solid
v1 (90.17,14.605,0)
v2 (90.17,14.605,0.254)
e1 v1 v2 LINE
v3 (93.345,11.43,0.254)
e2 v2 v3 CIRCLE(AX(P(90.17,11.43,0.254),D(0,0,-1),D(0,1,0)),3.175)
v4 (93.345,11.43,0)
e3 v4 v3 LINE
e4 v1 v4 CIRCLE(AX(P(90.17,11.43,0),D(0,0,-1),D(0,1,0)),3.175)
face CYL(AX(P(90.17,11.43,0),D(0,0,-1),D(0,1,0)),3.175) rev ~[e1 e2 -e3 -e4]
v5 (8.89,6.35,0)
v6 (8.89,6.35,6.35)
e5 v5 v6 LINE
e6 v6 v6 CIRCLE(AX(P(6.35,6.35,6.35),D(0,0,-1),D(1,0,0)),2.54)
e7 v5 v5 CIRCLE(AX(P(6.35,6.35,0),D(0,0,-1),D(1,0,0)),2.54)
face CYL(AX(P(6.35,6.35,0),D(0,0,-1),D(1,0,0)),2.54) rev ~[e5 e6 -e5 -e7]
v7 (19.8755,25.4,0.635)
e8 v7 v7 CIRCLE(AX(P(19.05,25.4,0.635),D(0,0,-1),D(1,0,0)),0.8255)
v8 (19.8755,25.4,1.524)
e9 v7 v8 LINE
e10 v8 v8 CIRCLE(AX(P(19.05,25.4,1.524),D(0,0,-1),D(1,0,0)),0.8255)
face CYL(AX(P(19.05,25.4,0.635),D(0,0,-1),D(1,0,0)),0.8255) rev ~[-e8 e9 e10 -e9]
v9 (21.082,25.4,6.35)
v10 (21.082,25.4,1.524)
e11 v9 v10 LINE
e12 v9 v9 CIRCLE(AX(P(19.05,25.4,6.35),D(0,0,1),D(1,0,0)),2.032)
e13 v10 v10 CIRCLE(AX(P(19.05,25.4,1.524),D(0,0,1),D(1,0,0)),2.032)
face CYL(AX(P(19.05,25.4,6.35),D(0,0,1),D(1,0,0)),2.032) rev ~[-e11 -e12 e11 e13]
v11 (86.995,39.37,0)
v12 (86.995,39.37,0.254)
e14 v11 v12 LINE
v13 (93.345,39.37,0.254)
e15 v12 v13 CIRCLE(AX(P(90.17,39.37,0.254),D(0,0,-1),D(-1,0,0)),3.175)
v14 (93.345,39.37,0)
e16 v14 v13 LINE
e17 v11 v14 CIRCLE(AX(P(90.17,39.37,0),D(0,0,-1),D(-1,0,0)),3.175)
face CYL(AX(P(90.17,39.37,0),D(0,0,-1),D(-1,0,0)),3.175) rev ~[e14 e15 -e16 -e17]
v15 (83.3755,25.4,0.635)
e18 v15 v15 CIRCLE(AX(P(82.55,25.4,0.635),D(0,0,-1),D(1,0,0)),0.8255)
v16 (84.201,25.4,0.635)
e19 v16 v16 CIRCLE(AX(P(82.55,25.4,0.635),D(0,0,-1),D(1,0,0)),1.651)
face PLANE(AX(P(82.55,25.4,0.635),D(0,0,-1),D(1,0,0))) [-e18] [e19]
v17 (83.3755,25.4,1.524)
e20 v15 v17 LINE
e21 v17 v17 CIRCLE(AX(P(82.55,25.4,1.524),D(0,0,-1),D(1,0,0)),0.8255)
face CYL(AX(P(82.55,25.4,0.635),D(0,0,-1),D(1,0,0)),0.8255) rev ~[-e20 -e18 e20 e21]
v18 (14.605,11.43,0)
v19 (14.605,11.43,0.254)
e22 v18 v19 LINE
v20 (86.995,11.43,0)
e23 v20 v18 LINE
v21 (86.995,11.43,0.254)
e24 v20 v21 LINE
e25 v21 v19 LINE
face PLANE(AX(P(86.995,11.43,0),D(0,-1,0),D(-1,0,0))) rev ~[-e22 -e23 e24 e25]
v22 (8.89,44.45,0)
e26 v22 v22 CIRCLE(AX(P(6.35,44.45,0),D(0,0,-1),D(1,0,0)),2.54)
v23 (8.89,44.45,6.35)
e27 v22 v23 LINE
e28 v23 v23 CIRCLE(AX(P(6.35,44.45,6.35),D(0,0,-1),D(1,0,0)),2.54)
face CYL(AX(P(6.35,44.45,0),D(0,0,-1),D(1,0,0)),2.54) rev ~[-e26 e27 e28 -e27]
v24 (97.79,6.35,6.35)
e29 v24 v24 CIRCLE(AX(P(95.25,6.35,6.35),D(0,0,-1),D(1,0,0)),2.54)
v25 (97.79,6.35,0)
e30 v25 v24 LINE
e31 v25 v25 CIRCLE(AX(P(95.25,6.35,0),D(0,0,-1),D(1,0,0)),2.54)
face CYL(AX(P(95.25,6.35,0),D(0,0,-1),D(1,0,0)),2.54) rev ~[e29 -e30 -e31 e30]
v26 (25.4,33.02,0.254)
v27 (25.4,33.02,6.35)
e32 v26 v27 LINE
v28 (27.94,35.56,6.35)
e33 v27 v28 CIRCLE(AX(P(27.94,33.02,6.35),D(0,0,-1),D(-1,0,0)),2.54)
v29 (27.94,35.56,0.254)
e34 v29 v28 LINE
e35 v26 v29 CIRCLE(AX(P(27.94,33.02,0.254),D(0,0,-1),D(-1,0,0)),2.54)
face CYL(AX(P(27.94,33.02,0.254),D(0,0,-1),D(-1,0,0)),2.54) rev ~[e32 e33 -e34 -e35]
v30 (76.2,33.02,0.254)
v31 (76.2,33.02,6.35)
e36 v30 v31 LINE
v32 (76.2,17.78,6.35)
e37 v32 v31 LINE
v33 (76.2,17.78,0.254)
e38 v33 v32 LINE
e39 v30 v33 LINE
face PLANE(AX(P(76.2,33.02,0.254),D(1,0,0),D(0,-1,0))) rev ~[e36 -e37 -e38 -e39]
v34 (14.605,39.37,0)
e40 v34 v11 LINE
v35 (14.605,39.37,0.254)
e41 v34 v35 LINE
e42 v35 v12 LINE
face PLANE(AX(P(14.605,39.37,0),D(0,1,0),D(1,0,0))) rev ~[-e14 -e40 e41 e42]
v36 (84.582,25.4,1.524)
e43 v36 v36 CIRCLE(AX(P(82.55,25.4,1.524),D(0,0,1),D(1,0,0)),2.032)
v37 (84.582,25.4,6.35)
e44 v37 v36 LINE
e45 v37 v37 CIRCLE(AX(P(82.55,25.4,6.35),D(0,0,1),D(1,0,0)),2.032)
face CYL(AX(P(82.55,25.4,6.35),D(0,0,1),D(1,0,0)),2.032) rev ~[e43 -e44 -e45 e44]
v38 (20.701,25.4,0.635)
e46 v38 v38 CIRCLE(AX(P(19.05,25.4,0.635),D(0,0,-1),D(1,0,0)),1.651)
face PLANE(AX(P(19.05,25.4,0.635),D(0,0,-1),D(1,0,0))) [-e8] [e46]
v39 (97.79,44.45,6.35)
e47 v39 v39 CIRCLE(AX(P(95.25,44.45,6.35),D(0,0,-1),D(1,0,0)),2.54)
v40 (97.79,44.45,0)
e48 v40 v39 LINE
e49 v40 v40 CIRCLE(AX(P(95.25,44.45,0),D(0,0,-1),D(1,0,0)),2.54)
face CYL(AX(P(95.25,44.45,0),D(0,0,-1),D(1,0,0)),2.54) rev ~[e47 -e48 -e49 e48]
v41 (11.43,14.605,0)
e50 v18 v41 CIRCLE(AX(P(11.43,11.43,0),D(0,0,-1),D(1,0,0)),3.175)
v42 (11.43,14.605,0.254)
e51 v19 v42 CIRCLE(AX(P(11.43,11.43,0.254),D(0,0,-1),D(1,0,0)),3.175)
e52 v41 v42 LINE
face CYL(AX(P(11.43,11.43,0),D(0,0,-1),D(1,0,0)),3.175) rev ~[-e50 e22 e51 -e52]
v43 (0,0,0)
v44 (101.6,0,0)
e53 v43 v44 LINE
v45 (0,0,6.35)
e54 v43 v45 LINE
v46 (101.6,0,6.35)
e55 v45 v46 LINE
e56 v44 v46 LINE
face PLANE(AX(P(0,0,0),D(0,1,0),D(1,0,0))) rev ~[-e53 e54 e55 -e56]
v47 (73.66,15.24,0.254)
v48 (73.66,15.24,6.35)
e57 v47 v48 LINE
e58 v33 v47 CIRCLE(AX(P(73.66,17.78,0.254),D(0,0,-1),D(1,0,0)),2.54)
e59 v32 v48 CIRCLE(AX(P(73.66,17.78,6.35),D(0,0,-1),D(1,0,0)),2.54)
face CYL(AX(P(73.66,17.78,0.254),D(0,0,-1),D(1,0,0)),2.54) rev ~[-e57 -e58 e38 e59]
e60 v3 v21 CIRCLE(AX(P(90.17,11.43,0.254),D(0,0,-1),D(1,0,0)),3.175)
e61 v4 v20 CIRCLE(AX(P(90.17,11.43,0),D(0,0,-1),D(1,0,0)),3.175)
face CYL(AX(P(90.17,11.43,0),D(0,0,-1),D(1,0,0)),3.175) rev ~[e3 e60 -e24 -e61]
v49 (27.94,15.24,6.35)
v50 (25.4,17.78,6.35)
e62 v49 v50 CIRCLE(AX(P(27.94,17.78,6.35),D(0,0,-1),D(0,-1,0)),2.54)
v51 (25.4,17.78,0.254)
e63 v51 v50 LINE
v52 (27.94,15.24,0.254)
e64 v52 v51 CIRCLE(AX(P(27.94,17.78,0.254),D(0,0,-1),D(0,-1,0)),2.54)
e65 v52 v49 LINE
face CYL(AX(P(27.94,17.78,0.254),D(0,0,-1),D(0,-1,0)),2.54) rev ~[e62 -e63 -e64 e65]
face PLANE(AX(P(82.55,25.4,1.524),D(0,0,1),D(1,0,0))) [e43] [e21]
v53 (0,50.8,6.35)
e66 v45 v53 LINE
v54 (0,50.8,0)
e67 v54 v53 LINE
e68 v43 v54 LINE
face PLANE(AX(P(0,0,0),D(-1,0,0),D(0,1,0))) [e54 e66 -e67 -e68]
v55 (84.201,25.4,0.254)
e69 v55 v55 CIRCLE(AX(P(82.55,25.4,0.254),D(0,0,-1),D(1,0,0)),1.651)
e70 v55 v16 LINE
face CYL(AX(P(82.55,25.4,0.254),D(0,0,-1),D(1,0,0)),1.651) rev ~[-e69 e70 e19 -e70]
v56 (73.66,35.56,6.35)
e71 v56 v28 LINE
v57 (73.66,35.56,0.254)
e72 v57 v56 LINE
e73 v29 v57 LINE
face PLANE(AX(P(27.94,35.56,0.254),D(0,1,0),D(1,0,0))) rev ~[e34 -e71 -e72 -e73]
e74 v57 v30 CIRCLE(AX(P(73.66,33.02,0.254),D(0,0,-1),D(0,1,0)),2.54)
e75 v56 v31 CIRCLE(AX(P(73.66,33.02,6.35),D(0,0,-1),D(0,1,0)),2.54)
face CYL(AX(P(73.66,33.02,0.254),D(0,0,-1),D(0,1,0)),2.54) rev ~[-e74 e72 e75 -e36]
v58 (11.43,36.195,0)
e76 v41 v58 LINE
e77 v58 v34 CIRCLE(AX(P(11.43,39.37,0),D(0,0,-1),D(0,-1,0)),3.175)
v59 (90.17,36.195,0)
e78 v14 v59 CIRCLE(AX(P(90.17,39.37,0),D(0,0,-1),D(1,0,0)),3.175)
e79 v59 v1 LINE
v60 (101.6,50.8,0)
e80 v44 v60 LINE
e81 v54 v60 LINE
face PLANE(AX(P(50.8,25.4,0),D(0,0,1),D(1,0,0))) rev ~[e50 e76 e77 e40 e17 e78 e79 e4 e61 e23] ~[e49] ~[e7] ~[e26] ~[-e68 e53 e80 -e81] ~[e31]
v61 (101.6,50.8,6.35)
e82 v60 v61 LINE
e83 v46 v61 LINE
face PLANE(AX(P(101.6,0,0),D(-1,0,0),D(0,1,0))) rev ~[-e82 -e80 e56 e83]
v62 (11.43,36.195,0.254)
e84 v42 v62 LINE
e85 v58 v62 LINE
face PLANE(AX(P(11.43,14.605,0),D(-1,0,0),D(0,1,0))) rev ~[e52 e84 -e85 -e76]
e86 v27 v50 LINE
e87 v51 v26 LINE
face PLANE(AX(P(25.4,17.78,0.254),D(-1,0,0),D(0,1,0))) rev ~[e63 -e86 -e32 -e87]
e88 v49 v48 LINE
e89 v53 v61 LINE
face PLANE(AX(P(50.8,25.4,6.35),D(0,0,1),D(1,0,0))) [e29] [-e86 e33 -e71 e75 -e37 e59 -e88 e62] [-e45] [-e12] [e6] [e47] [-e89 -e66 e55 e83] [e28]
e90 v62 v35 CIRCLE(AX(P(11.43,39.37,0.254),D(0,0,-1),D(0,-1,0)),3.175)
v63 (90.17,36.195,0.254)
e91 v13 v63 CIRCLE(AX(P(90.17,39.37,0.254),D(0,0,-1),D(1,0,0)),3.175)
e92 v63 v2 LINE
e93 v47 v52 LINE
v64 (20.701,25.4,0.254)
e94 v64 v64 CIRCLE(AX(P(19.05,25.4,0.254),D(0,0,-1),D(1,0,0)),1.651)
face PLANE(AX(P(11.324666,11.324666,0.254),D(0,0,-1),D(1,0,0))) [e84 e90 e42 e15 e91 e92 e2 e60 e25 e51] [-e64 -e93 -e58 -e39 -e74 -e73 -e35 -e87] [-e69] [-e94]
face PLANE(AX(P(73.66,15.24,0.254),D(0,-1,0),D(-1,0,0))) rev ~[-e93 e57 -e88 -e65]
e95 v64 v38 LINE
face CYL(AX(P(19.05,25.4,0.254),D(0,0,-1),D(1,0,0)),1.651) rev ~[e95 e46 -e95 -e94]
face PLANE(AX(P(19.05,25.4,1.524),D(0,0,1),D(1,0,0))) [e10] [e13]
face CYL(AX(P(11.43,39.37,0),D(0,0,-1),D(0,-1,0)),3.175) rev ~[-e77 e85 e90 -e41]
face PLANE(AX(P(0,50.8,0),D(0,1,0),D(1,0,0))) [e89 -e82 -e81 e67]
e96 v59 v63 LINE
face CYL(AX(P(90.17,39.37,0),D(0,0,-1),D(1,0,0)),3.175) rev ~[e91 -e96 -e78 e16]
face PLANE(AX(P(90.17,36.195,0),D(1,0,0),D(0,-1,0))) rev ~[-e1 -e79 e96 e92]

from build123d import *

# Parameters (mm, degrees)
F0_W           = 101.6
F0_H           = 50.8
F1_DEPTH       = 6.35
F3_DEPTH       = 0.254
F5_DEPTH       = 25.4
F5_DEPTH_BACK  = 25.4
F6_R           = 1.651
F7_DEPTH       = 0.381
F8_R           = 2.032
F9_DEPTH       = 4.826
F10_R          = 0.8255
F11_DEPTH      = 25.4
F11_DEPTH_BACK = 5.716
F12_R          = 2.54
F13_DEPTH      = 6.351


with BuildPart() as f1:
    # F0 (on Top) → F1 (new body)
    with BuildSketch(Plane.XY):
        with Locations((50.8, 25.4)):
            Rectangle(F0_W, F0_H)
    extrude(amount=F1_DEPTH)

    # F2 (on face) → F3 (cut)
    with BuildSketch(Plane(origin=(0, 0, 0), x_dir=(1, 0, 0), z_dir=(0, 0, -1))):
        with BuildLine():
            Line((11.43, -14.605), (11.43, -11.43))
            Line((11.43, -11.43), (14.605, -11.43))
            ThreePointArc((14.605, -11.43), (9.1849359697, -9.1849359697), (11.43, -14.605))
        make_face()
        with BuildLine():
            Line((14.605, -11.43), (11.43, -11.43))
            Line((11.43, -11.43), (11.43, -14.605))
            ThreePointArc((11.43, -14.605), (13.6750640303, -13.6750640303), (14.605, -11.43))
        make_face()
        with BuildLine():
            Line((86.995, -11.43), (14.605, -11.43))
            ThreePointArc((14.605, -11.43), (13.6750640303, -13.6750640303), (11.43, -14.605))
            Line((11.43, -14.605), (11.43, -36.195))
            ThreePointArc((11.43, -36.195), (13.6750640303, -37.1249359697), (14.605, -39.37))
            Line((14.605, -39.37), (86.995, -39.37))
            ThreePointArc((86.995, -39.37), (87.9249359697, -37.1249359697), (90.17, -36.195))
            Line((90.17, -36.195), (90.17, -14.605))
            ThreePointArc((90.17, -14.605), (87.9249359697, -13.6750640303), (86.995, -11.43))
        make_face()
        with BuildLine():
            ThreePointArc((93.345, -11.43), (90.17, -8.255), (86.995, -11.43))
            Line((86.995, -11.43), (90.17, -11.43))
            Line((90.17, -11.43), (90.17, -14.605))
            ThreePointArc((90.17, -14.605), (92.4150640303, -13.6750640303), (93.345, -11.43))
        make_face()
        with BuildLine():
            Line((90.17, -11.43), (86.995, -11.43))
            ThreePointArc((86.995, -11.43), (87.9249359697, -13.6750640303), (90.17, -14.605))
            Line((90.17, -14.605), (90.17, -11.43))
        make_face()
        with BuildLine():
            ThreePointArc((14.605, -39.37), (13.6750640303, -37.1249359697), (11.43, -36.195))
            Line((11.43, -36.195), (11.43, -39.37))
            Line((11.43, -39.37), (14.605, -39.37))
        make_face()
        with BuildLine():
            Line((11.43, -39.37), (11.43, -36.195))
            ThreePointArc((11.43, -36.195), (9.1849359697, -41.6150640303), (14.605, -39.37))
            Line((14.605, -39.37), (11.43, -39.37))
        make_face()
        with BuildLine():
            ThreePointArc((93.345, -39.37), (92.4150640303, -37.1249359697), (90.17, -36.195))
            Line((90.17, -36.195), (90.17, -39.37))
            Line((90.17, -39.37), (86.995, -39.37))
            ThreePointArc((86.995, -39.37), (90.17, -42.545), (93.345, -39.37))
        make_face()
        with BuildLine():
            Line((90.17, -39.37), (90.17, -36.195))
            ThreePointArc((90.17, -36.195), (87.9249359697, -37.1249359697), (86.995, -39.37))
            Line((86.995, -39.37), (90.17, -39.37))
        make_face()
    extrude(amount=-F3_DEPTH, mode=Mode.SUBTRACT)

    # F4 (on face) → F5 (cut, two sides)
    with BuildSketch(Plane(origin=(0, 0, 0.254), x_dir=(1, 0, 0), z_dir=(0, 0, -1))) as f5_sk:
        with BuildLine():
            ThreePointArc((25.4, -33.02), (26.1439487758, -34.8160512242), (27.94, -35.56))
            Line((27.94, -35.56), (73.66, -35.56))
            ThreePointArc((73.66, -35.56), (75.4560512242, -34.8160512242), (76.2, -33.02))
            Line((76.2, -33.02), (76.2, -17.78))
            ThreePointArc((76.2, -17.78), (75.4560512242, -15.9839487758), (73.66, -15.24))
            Line((73.66, -15.24), (27.94, -15.24))
            ThreePointArc((27.94, -15.24), (26.1439487758, -15.9839487758), (25.4, -17.78))
            Line((25.4, -17.78), (25.4, -33.02))
        make_face()
    extrude(amount=F5_DEPTH, mode=Mode.SUBTRACT)
    extrude(f5_sk.sketch, amount=-F5_DEPTH_BACK, mode=Mode.SUBTRACT)

    # F6 (on face) → F7 (cut)
    with BuildSketch(Plane(origin=(0, 0, 0.254), x_dir=(1, 0, 0), z_dir=(0, 0, -1))):
        with Locations((82.55, -25.4)):
            Circle(F6_R)
        with Locations((19.05, -25.4)):
            Circle(F6_R)
    extrude(amount=-F7_DEPTH, mode=Mode.SUBTRACT)

    # F8 (on face) → F9 (cut)
    with BuildSketch(Plane.XY.offset(6.35)):
        with Locations((19.05, 25.4)):
            Circle(F8_R)
        with Locations((82.55, 25.4)):
            Circle(F8_R)
    extrude(amount=-F9_DEPTH, mode=Mode.SUBTRACT)

    # F10 (on face) → F11 (cut, two sides)
    with BuildSketch(Plane(origin=(0, 0, 0.635), x_dir=(1, 0, 0), z_dir=(0, 0, -1))) as f11_sk:
        with Locations((19.05, -25.4)):
            Circle(F10_R)
        with Locations((82.55, -25.4)):
            Circle(F10_R)
    extrude(amount=F11_DEPTH, mode=Mode.SUBTRACT)
    extrude(f11_sk.sketch, amount=-F11_DEPTH_BACK, mode=Mode.SUBTRACT)

    # F12 (on face) → F13 (cut, through all)
    with BuildSketch(Plane(origin=(0, 0, 0), x_dir=(1, 0, 0), z_dir=(0, 0, -1))):
        with Locations((95.25, -6.35)):
            Circle(F12_R)
        with Locations((6.35, -6.35)):
            Circle(F12_R)
        with Locations((6.35, -44.45)):
            Circle(F12_R)
        with Locations((95.25, -44.45)):
            Circle(F12_R)
    extrude(amount=-F13_DEPTH, mode=Mode.SUBTRACT)


solid = f1.part
